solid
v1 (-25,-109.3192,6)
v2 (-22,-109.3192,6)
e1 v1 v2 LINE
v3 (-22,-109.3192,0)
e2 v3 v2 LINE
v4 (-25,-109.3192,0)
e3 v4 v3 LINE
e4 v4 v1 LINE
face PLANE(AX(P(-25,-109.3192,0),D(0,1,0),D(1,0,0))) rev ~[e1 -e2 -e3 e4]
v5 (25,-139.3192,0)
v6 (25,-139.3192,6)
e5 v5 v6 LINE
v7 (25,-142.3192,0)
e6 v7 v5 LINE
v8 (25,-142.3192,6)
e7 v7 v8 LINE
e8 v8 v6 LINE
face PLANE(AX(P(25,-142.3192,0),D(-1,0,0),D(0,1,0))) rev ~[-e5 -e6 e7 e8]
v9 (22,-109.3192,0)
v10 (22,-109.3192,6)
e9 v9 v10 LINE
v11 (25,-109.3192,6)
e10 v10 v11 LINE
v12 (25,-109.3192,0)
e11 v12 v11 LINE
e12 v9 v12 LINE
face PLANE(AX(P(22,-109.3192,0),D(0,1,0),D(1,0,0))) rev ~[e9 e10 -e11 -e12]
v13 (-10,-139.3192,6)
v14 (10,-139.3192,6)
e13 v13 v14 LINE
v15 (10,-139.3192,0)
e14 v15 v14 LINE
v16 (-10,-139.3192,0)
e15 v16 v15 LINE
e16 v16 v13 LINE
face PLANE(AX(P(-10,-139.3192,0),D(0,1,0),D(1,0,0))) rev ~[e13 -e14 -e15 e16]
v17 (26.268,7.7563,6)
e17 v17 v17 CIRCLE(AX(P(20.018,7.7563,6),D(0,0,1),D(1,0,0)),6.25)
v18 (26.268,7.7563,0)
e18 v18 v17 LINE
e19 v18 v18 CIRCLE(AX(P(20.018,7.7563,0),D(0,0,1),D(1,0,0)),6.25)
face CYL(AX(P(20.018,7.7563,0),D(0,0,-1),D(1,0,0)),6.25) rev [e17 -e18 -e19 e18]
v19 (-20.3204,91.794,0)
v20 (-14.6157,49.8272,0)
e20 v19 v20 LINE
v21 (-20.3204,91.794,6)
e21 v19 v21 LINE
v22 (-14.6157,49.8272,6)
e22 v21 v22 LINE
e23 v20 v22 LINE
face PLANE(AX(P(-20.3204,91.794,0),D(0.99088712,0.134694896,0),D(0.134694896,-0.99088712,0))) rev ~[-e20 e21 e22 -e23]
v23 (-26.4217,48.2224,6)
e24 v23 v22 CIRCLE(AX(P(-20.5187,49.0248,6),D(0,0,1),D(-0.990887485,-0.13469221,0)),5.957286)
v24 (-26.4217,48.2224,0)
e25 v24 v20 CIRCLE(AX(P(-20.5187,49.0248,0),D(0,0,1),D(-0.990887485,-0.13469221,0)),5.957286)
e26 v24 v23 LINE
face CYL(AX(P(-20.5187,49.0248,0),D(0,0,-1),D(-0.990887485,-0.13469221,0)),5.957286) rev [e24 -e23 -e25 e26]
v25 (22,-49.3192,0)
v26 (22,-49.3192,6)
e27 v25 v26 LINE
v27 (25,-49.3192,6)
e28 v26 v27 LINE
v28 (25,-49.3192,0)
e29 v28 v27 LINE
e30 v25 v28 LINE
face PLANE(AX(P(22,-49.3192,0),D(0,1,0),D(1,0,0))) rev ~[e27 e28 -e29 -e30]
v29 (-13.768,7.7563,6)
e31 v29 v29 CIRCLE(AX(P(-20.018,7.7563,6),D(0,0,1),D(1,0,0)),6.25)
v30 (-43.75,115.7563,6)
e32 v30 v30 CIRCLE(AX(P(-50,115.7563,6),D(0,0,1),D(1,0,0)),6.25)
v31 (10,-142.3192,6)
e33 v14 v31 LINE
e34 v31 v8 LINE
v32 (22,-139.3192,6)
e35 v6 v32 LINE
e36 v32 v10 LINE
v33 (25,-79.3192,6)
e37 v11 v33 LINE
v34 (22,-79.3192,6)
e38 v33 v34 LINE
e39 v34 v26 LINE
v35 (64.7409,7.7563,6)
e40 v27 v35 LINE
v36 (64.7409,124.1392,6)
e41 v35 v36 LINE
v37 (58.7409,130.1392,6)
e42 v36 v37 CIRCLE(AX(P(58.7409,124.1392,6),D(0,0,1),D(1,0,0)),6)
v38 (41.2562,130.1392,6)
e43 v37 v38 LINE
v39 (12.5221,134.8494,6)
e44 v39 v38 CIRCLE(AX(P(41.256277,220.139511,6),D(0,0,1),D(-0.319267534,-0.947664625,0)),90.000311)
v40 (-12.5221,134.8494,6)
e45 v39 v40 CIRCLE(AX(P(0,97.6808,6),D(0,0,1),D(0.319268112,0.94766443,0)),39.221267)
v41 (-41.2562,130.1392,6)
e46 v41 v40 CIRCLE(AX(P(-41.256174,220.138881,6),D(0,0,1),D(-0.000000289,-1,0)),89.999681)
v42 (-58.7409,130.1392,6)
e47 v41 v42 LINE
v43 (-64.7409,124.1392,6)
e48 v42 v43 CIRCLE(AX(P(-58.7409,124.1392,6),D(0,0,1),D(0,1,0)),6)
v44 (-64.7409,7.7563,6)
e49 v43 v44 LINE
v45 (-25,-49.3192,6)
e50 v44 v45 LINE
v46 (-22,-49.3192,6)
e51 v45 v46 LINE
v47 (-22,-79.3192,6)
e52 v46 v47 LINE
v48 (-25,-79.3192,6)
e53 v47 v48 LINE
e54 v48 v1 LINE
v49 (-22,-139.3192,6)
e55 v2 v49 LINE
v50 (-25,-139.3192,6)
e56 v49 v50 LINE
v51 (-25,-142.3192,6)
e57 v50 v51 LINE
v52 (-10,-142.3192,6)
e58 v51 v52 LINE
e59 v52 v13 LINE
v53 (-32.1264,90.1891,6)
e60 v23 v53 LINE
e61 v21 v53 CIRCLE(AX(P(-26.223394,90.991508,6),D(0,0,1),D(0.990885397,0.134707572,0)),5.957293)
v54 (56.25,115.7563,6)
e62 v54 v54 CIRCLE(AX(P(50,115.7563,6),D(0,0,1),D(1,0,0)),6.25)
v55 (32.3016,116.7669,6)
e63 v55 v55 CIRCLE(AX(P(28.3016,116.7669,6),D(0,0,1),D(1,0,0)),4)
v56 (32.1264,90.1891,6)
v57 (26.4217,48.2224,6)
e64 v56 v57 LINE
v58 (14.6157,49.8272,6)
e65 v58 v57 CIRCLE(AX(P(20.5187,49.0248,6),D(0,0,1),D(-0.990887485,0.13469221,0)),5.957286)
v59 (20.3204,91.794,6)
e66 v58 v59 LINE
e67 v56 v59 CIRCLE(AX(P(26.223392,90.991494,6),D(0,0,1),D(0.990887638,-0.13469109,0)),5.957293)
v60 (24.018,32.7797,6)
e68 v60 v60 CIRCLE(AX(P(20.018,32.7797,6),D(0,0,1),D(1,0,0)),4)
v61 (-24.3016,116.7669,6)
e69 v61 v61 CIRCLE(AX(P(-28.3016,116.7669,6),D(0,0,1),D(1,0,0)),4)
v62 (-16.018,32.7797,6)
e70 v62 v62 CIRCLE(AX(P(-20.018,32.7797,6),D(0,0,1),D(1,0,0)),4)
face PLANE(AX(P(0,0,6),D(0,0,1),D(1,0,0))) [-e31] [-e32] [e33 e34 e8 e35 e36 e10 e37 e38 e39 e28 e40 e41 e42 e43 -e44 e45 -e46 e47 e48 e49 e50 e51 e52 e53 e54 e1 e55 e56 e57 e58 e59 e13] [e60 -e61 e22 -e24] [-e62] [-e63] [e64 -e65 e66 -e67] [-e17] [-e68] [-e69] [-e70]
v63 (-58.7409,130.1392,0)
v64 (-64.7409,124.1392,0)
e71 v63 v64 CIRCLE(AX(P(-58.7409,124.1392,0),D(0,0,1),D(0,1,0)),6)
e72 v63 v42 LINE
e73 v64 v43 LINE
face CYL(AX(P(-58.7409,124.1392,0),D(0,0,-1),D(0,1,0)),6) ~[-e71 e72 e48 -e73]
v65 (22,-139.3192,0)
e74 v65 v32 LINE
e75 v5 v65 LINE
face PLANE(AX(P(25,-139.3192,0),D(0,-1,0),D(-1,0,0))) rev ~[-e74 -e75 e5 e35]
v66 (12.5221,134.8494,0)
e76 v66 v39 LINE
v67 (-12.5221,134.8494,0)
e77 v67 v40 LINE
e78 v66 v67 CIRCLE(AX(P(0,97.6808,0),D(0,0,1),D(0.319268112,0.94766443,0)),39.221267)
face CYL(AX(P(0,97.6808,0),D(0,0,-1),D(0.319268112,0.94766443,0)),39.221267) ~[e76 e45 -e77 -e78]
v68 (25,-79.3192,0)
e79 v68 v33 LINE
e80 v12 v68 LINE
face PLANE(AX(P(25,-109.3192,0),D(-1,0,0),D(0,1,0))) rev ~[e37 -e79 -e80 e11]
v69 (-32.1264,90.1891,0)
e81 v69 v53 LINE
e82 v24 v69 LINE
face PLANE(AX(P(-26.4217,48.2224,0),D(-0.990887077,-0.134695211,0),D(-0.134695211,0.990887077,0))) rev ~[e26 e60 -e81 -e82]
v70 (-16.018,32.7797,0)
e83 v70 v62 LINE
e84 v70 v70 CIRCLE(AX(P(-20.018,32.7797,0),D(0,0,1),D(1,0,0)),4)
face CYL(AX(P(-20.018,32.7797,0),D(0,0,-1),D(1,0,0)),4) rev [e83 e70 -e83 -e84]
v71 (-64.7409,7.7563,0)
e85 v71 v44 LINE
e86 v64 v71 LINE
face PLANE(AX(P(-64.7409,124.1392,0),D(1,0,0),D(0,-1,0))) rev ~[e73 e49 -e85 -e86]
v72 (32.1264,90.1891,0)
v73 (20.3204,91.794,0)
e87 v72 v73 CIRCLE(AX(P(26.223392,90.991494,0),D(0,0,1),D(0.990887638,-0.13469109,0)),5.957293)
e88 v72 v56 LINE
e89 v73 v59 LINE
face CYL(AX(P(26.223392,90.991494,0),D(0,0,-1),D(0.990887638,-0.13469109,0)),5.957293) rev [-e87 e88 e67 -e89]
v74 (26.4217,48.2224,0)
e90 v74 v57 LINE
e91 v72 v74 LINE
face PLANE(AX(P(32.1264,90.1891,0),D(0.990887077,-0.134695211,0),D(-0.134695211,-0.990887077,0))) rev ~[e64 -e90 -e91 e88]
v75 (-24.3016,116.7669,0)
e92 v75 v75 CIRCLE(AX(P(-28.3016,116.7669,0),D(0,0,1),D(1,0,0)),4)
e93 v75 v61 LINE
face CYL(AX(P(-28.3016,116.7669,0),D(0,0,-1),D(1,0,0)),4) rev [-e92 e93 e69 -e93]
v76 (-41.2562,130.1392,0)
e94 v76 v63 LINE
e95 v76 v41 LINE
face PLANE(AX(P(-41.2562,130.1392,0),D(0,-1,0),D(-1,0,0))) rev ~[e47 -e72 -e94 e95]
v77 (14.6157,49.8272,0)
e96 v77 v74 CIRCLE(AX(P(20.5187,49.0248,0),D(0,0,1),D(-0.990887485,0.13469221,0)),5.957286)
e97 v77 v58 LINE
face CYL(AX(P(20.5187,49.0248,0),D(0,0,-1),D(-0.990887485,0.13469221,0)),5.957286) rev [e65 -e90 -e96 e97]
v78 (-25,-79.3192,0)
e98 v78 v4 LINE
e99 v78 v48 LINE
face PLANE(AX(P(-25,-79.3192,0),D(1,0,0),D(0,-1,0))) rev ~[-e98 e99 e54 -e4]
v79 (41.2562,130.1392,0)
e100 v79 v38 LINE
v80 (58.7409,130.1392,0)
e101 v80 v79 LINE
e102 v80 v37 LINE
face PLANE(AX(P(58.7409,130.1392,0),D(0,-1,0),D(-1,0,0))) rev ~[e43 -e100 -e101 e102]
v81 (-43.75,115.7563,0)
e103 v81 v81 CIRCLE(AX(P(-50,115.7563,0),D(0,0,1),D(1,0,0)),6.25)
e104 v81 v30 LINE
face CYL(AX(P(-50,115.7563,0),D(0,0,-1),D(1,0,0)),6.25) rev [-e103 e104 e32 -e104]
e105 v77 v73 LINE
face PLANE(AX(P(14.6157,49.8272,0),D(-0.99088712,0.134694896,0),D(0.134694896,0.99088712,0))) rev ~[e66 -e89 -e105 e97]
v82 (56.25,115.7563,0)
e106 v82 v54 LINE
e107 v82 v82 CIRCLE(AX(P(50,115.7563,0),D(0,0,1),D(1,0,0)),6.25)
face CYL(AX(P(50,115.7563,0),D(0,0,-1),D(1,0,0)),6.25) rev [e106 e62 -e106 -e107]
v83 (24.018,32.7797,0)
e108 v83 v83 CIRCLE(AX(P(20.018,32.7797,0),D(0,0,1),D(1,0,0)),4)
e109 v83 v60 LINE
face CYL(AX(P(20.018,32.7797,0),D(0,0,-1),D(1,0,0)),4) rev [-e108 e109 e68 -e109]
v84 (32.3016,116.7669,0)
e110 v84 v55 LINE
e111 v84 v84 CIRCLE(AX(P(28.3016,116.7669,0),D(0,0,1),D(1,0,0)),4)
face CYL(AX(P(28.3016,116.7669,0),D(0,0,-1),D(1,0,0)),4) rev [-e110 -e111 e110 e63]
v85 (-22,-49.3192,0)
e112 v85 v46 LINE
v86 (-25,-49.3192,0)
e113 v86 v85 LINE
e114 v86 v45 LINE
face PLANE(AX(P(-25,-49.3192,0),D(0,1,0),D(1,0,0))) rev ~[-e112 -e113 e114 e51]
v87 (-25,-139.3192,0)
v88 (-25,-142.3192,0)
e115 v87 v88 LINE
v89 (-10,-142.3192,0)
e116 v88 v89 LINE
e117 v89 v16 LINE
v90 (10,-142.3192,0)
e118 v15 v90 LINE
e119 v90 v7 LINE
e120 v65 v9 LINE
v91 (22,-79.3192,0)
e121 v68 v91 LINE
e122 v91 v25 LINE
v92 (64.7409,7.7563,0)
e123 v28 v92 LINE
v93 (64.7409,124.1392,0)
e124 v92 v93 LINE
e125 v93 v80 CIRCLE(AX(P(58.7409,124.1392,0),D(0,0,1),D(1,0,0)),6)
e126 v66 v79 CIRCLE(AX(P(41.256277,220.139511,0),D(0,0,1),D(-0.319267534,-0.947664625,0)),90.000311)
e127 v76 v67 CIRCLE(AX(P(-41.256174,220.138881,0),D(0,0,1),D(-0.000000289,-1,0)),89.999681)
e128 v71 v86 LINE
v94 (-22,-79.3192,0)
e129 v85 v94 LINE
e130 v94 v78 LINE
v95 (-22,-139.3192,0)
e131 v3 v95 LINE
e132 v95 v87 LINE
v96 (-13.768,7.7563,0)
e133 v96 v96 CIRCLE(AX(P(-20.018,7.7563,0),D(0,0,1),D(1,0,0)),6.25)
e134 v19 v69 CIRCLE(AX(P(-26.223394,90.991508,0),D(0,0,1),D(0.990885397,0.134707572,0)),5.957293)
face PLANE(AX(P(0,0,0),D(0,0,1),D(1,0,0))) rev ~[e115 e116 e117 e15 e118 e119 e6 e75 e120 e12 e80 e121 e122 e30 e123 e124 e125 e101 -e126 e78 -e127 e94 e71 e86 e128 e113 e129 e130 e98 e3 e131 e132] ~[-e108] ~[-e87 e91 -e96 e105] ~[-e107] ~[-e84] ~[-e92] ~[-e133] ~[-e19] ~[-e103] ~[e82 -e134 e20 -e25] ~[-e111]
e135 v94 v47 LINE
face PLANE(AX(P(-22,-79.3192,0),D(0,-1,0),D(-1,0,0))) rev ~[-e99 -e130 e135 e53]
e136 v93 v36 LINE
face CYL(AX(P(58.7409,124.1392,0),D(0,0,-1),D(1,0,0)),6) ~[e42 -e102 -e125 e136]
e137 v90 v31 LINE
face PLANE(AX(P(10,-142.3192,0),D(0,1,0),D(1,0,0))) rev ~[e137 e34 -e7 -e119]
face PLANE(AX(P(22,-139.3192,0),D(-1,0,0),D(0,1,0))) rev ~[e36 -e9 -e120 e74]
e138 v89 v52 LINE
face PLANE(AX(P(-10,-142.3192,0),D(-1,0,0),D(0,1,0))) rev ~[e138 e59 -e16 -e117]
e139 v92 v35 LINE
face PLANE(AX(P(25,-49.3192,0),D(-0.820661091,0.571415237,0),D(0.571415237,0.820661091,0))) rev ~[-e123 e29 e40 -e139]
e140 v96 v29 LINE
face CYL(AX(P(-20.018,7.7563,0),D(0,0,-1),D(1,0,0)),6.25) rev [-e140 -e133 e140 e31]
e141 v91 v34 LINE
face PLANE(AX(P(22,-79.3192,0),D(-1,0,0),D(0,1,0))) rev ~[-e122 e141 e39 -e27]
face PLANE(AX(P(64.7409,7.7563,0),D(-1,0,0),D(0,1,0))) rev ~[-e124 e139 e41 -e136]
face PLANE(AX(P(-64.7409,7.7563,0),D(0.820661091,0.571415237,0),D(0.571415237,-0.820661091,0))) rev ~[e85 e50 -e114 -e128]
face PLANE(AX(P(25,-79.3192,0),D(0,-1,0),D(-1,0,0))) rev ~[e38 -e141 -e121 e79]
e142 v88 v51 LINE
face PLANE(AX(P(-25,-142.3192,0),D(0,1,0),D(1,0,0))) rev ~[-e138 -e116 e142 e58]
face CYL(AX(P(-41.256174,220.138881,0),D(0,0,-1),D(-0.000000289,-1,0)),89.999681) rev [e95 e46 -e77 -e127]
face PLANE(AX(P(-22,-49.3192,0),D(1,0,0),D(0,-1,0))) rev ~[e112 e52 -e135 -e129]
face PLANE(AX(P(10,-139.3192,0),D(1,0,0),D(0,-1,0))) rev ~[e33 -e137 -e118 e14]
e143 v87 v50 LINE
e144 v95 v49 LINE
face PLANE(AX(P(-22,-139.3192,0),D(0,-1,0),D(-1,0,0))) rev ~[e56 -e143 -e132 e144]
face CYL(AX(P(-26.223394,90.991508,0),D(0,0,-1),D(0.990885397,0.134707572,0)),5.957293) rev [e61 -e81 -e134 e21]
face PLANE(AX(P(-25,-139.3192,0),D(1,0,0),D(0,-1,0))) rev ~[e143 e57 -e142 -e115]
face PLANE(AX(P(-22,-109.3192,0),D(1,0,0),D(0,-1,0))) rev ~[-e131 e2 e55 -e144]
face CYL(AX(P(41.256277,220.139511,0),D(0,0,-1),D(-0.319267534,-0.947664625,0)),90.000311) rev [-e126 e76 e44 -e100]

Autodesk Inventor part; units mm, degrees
ref_plane "YZ Plane" through (0, 0, 0) normal (1, 0, 0) x (0, 1, 0)
ref_plane "XZ Plane" through (0, 0, 0) normal (0, 1, 0) x (-1, 0, 0)
ref_plane "XY Plane" through (0, 0, 0) normal (0, 0, 1) x (1, 0, 0)
sketch "Sketch1" plane through (0, 0, 0) normal (0, 0, 1) x (1, 0, 0)
  line L0 (-10, -142.3192) -> (-10, -139.3192) projected
  line L1 (-10, -139.3192) -> (10, -139.3192) projected
  line L2 (10, -139.3192) -> (10, -142.3192) projected
  line L3 (10, -142.3192) -> (25, -142.3192) projected
  line L4 (25, -142.3192) -> (25, -139.3192) projected
  line L5 (25, -139.3192) -> (22, -139.3192) projected
  line L6 (22, -139.3192) -> (22, -109.3192) projected
  line L7 (22, -109.3192) -> (25, -109.3192) projected
  line L8 (25, -109.3192) -> (25, -79.3192) projected
  line L9 (25, -79.3192) -> (22, -79.3192) projected
  line L10 (22, -79.3192) -> (22, -49.3192) projected
  line L11 (22, -49.3192) -> (25, -49.3192) projected
  line L12 (25, -49.3192) -> (64.7409, 7.7563) projected
  line L13 (64.7409, 7.7563) -> (64.7409, 124.1392) projected
  arc A0 (64.7409, 124.1392) -> (58.7409, 130.1392) centre (58.7409, 124.1392) ccw projected
  line L14 (58.7409, 130.1392) -> (41.2562, 130.1392) projected
  arc A1 (12.5221, 134.8494) -> (41.2562, 130.1392) centre (41.2562, 220.1392) ccw projected
  arc A2 (12.5221, 134.8494) -> (-12.5221, 134.8494) centre (0, 97.6808) ccw projected
  arc A3 (-41.2562, 130.1392) -> (-12.5221, 134.8494) centre (-41.2562, 220.1392) ccw projected
  line L15 (-41.2562, 130.1392) -> (-58.7409, 130.1392) projected
  arc A4 (-58.7409, 130.1392) -> (-64.7409, 124.1392) centre (-58.7409, 124.1392) ccw projected
  line L16 (-64.7409, 124.1392) -> (-64.7409, 7.7563) projected
  line L17 (-64.7409, 7.7563) -> (-25, -49.3192) projected
  line L18 (-25, -49.3192) -> (-22, -49.3192) projected
  line L19 (-22, -49.3192) -> (-22, -79.3192) projected
  line L20 (-22, -79.3192) -> (-25, -79.3192) projected
  line L21 (-25, -79.3192) -> (-25, -109.3192) projected
  line L22 (-25, -109.3192) -> (-22, -109.3192) projected
  line L23 (-22, -109.3192) -> (-22, -139.3192) projected
  line L24 (-22, -139.3192) -> (-25, -139.3192) projected
  line L25 (-25, -139.3192) -> (-25, -142.3192) projected
  line L26 (-25, -142.3192) -> (-10, -142.3192) projected
  circle A5 centre (-50, 115.7563) radius 3.25 projected
  circle A6 centre (50, 115.7563) radius 3.25 projected
  circle A7 centre (20.018, 7.7563) radius 3.25 projected
  circle A8 centre (-20.018, 7.7563) radius 3.25 projected
  circle A9 centre (-28.3016, 116.7669) radius 4 projected
  circle A10 centre (-20.018, 32.7797) radius 4 projected
  circle A11 centre (20.018, 32.7797) radius 4 projected
  circle A12 centre (28.3016, 116.7669) radius 4 projected
  line L27 (32.1264, 90.1891) -> (26.4217, 48.2224) projected
  arc A13 (14.6157, 49.8272) -> (26.4217, 48.2224) centre (20.5187, 49.0248) ccw projected
  line L28 (14.6157, 49.8272) -> (20.3204, 91.794) projected
  arc A14 (32.1264, 90.1891) -> (20.3204, 91.794) centre (26.2234, 90.9915) ccw projected
  line L29 (-20.3204, 91.794) -> (-14.6157, 49.8272) projected
  arc A15 (-26.4217, 48.2224) -> (-14.6157, 49.8272) centre (-20.5187, 49.0248) ccw projected
  line L30 (-26.4217, 48.2224) -> (-32.1264, 90.1891) projected
  arc A16 (-20.3204, 91.794) -> (-32.1264, 90.1891) centre (-26.2234, 90.9915) ccw projected
  circle A17 centre (50, 115.7563) radius 6.25
  circle A18 centre (-50, 115.7563) radius 6.25
  circle A19 centre (20.018, 7.7563) radius 6.25
  circle A20 centre (-20.018, 7.7563) radius 6.25
  point P0 (0, 0)
  dimension "d0" = 3
  dimension "d1" = 3
  dimension "d2" = 3
  dimension "d3" = 3
extrude "Extrusion1" add sketch "Sketch1" along normal blind 6 contours L26 L25 L24 L23 L22 L21 L20 L19 L18 L17 L16 A4 L15 A3 A2 A1 L14 A0 L13 L12 L11 L10 L9 L8 L7 L6 L5 L4 L3 L2 L1 L0
properties part number "Camera stand plate base"
